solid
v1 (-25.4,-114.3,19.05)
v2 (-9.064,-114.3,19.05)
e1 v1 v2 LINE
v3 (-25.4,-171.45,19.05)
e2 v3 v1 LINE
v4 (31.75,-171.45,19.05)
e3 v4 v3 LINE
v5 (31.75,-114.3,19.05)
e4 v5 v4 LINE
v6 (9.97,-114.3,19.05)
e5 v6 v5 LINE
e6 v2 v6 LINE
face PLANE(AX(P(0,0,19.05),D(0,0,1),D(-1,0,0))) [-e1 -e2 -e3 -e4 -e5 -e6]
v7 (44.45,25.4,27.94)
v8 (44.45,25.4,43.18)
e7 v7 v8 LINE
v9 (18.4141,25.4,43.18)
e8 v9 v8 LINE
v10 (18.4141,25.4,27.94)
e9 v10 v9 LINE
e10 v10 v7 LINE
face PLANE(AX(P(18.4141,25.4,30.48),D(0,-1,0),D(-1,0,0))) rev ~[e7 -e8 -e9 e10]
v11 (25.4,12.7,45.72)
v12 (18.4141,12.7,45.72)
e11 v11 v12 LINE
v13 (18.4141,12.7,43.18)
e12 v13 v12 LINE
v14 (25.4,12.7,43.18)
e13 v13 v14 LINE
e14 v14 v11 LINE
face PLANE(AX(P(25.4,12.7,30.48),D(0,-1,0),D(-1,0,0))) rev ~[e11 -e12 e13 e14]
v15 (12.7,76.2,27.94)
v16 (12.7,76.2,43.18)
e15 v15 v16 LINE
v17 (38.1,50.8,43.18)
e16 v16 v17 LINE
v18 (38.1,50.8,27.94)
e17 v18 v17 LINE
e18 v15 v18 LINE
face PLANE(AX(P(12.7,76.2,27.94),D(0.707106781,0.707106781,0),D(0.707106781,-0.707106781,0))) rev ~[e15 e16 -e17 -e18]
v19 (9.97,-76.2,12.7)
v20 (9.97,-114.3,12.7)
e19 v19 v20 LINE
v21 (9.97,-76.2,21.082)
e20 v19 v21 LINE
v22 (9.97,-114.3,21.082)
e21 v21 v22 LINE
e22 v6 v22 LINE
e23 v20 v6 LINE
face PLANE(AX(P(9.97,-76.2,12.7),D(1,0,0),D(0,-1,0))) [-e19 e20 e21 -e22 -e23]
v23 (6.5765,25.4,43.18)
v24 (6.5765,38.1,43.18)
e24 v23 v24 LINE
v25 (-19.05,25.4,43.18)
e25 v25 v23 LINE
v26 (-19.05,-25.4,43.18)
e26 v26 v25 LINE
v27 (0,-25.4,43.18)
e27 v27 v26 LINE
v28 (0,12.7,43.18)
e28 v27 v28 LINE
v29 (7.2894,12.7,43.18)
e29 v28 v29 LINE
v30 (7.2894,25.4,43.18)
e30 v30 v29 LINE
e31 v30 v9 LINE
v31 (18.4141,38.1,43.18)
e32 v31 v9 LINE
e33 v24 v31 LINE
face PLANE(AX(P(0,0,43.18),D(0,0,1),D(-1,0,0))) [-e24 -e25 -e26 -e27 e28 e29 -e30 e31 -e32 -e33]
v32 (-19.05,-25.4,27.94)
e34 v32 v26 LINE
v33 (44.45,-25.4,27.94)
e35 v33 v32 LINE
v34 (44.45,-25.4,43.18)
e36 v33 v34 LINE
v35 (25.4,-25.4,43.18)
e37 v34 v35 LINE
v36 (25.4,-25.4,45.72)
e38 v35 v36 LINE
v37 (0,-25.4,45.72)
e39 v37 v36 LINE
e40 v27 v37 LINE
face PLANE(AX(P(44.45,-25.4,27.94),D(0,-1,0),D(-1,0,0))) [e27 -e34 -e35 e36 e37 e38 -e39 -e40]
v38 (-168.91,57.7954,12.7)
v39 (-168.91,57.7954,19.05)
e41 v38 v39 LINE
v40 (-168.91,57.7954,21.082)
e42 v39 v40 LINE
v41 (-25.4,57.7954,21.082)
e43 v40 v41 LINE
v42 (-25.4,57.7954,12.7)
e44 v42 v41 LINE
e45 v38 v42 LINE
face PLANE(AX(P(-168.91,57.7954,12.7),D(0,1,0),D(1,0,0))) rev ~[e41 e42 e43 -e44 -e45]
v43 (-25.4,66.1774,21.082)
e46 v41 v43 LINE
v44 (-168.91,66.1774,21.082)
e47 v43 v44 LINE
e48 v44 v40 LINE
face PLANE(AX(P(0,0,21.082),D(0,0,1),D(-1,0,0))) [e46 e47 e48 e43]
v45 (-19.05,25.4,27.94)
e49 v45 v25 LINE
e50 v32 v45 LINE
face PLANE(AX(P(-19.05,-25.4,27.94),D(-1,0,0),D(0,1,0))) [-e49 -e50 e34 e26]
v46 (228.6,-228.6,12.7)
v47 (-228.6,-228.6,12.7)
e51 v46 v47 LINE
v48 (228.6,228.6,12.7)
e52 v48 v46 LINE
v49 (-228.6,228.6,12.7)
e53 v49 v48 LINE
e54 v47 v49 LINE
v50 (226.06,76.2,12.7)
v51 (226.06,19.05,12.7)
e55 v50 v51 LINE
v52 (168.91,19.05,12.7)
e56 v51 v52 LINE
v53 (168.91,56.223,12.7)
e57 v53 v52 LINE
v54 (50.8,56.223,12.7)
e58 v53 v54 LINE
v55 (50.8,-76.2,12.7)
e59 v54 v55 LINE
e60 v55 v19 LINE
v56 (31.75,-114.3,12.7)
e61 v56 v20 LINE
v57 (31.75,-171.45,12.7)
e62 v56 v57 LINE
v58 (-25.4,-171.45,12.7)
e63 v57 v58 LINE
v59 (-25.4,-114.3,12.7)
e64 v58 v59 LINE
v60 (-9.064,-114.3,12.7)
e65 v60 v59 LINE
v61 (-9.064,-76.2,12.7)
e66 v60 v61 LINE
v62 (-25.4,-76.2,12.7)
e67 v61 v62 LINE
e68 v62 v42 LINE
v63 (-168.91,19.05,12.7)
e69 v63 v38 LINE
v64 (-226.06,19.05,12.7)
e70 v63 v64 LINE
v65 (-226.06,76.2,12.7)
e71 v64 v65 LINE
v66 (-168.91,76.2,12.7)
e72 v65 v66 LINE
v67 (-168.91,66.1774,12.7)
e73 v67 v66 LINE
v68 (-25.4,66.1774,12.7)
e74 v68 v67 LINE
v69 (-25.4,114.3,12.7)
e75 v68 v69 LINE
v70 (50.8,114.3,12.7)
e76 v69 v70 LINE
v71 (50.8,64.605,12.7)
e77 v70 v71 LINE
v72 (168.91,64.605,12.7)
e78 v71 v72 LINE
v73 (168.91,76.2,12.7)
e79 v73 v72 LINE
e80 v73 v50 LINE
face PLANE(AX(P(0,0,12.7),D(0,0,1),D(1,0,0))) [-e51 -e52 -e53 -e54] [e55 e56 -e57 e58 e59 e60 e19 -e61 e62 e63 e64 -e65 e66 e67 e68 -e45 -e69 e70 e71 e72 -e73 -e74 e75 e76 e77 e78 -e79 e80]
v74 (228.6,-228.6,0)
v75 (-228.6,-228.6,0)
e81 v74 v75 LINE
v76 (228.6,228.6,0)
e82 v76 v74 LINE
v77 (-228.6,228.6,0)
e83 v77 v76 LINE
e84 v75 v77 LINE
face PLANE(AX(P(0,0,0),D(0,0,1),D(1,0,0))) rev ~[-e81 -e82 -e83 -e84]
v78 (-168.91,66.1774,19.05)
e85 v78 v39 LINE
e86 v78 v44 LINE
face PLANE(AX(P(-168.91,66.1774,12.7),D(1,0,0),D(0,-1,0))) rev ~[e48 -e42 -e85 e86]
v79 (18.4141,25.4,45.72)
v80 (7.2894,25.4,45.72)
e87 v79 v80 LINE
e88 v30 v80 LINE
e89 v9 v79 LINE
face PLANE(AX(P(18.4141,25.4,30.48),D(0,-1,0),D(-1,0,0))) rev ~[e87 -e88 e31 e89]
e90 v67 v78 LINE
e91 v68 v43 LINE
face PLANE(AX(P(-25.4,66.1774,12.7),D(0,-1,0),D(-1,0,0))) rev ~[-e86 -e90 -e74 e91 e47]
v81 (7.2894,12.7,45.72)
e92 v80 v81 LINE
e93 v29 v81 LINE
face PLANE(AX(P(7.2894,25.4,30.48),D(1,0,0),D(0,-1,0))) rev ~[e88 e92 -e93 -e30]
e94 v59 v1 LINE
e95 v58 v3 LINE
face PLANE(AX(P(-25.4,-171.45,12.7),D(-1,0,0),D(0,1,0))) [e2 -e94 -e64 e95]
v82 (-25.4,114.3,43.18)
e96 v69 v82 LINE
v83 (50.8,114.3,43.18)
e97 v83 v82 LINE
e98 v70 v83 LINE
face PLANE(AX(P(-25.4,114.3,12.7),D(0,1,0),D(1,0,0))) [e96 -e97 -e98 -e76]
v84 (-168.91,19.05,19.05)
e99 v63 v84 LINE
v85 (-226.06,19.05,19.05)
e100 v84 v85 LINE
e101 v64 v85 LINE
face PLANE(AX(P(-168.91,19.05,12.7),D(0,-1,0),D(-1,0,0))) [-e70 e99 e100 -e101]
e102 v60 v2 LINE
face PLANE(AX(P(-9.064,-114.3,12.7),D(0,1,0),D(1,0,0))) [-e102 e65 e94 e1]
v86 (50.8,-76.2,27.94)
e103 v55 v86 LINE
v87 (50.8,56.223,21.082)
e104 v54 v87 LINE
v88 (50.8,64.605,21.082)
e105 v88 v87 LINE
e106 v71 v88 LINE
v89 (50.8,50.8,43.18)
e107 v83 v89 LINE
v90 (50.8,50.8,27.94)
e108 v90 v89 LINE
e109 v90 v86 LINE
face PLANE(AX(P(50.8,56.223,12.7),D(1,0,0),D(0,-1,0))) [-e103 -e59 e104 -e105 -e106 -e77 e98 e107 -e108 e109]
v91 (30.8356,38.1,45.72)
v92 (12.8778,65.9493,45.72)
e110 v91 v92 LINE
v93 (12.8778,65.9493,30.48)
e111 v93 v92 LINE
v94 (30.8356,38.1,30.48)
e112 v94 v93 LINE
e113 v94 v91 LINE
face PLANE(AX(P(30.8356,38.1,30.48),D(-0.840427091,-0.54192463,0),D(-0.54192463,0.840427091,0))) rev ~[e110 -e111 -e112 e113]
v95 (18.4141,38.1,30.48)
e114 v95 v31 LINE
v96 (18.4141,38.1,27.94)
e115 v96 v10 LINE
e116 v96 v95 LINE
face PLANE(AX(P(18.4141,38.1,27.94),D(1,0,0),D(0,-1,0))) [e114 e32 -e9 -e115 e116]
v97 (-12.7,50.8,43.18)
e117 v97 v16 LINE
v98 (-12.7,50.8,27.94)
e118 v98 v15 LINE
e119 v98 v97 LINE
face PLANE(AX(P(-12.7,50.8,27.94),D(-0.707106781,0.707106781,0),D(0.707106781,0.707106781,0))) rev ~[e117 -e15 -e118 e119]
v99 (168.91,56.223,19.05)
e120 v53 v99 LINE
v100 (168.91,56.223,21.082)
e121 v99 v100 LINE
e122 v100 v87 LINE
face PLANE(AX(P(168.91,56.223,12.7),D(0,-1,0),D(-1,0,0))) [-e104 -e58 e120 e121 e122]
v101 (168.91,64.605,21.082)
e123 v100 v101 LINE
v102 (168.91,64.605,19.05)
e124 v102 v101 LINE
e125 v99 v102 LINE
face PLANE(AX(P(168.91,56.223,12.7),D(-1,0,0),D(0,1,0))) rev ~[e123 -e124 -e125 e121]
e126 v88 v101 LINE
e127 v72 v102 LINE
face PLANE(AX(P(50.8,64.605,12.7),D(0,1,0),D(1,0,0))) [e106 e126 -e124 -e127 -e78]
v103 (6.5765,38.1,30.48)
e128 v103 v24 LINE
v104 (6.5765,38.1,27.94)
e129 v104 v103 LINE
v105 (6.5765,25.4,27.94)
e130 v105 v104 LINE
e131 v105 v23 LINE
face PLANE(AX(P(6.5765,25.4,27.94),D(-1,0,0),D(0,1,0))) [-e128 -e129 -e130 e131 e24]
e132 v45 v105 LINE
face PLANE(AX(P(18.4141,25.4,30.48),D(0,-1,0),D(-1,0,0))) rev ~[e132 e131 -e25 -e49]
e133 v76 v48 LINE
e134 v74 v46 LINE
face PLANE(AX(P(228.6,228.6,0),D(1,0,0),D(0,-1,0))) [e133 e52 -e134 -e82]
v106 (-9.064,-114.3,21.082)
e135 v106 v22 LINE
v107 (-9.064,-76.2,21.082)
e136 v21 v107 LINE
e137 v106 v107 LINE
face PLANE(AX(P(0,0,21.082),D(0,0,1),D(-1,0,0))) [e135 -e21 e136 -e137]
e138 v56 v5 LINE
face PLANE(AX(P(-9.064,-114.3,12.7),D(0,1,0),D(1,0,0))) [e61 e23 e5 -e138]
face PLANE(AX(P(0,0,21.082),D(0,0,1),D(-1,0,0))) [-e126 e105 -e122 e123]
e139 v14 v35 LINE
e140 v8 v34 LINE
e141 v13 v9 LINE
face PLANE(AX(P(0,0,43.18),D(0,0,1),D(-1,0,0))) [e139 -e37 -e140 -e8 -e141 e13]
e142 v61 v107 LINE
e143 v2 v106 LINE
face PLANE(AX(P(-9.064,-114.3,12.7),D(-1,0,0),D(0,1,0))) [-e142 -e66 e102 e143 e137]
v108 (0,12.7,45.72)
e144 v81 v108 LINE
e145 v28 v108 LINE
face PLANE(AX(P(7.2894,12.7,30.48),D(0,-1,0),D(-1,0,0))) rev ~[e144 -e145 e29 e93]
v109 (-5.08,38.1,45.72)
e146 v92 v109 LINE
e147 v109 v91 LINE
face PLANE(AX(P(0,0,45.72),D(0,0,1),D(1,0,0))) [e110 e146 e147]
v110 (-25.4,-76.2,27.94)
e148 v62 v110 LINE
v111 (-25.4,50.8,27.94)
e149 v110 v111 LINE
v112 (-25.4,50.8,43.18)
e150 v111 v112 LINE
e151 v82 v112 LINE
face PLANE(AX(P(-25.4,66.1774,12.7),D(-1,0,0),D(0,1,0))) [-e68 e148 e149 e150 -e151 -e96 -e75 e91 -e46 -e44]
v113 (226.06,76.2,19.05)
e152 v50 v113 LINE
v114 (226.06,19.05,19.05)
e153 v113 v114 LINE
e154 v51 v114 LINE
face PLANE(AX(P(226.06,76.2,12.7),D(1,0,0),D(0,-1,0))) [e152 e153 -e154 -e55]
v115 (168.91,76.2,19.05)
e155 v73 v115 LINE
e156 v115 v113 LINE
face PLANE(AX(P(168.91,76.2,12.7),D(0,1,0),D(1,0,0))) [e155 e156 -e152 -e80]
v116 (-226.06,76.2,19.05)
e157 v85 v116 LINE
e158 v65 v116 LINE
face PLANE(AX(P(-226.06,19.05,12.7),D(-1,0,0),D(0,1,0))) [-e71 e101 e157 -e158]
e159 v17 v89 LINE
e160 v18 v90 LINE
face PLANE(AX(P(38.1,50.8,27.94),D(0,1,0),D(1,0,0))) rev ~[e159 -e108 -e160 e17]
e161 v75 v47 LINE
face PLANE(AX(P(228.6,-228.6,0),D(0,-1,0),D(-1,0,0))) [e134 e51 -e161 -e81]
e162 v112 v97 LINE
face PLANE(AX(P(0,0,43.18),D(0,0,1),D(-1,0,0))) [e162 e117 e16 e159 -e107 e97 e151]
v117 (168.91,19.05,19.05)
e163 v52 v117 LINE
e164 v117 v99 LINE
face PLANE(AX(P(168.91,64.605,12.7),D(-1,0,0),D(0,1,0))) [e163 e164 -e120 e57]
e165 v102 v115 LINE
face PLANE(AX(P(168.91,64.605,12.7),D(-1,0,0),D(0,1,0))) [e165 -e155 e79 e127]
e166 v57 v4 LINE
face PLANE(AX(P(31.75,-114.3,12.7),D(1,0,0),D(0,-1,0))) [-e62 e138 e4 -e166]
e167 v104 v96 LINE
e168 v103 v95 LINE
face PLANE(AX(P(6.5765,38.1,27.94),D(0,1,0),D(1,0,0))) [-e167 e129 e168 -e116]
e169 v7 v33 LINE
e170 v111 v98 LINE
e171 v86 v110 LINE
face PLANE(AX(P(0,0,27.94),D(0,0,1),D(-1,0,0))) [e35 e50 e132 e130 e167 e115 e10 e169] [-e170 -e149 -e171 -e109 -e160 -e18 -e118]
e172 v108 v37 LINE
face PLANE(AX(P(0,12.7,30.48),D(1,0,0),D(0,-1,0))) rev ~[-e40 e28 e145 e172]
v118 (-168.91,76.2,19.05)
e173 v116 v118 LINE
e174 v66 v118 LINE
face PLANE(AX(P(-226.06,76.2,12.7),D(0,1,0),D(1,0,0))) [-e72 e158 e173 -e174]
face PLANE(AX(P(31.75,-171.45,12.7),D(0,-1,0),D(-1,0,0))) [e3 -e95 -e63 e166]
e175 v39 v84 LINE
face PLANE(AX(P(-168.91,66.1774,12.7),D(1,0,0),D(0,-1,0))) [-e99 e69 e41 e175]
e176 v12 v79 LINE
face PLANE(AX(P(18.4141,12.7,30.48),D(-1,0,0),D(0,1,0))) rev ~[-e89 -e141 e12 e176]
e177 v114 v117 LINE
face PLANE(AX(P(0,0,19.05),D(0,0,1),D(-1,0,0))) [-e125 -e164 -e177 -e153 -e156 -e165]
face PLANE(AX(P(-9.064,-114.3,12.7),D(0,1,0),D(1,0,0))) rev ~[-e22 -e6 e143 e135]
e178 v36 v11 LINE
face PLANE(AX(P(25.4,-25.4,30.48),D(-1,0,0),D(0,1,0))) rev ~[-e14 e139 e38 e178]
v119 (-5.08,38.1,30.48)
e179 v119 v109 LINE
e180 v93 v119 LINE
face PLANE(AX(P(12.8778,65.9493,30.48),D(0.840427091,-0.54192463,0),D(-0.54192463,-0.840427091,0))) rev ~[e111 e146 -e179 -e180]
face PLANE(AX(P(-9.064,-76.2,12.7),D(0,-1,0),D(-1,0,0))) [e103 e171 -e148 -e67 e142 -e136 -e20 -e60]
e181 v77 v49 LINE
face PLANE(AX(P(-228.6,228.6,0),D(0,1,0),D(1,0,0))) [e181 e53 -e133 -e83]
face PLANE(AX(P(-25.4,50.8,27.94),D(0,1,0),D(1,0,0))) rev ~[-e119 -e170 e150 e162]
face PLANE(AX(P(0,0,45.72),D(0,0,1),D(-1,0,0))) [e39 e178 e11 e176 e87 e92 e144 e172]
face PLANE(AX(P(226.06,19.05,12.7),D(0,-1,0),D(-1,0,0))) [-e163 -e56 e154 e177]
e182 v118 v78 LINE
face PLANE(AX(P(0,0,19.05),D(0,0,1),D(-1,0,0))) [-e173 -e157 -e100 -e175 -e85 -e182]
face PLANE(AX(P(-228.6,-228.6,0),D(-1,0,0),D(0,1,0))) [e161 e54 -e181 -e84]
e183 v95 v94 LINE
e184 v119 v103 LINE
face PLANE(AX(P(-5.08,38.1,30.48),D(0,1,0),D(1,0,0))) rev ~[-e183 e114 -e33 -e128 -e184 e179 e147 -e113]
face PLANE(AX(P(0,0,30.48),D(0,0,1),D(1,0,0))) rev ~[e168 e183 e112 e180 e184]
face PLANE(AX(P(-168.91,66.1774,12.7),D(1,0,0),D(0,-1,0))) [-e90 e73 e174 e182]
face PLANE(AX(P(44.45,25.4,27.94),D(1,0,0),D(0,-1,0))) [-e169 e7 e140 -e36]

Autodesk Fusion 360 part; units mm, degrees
sketch "base plate" plane through (0, 0, 0) normal (0, 0, 1) x (1, 0, 0)
  line L0 (-228.6, 228.6) -> (228.6, 228.6)
  line L1 (228.6, 228.6) -> (228.6, -228.6)
  line L2 (228.6, -228.6) -> (-228.6, -228.6)
  line L3 (-228.6, -228.6) -> (-228.6, 228.6)
  line L4 (-228.6, 228.6) -> (228.6, -228.6) construction
  line L5 (228.6, 228.6) -> (-228.6, -228.6) construction
  dimension "d1" = 457.2
  dimension "d2" = 457.2
extrude "Extrude1" add sketch "base plate" along normal blind 12.7 makes body 1
sketch "cylinder components" plane through (0, 0, 12.7) normal (0, 0, 1) x (-1, 0, 0)
  line L0 (228.6, 228.6) -> (-228.6, 228.6)
  line L1 (-228.6, 228.6) -> (-228.6, -228.6)
  line L2 (-228.6, -228.6) -> (228.6, -228.6)
  line L3 (228.6, -228.6) -> (228.6, 228.6)
  line L4 (25.4, -114.3) -> (-50.8, -114.3)
  line L5 (-50.8, -114.3) -> (-50.8, 76.2)
  line L6 (-50.8, 76.2) -> (25.4, 76.2)
  line L7 (25.4, 76.2) -> (25.4, -114.3)
  line L8 (-168.91, -76.2) -> (-226.06, -76.2)
  line L9 (-226.06, -76.2) -> (-226.06, -19.05)
  line L10 (-226.06, -19.05) -> (-168.91, -19.05)
  line L11 (-168.91, -19.05) -> (-168.91, -76.2)
  line L12 (0, -254) -> (0, 228.6) construction
  line L13 (25.4, 114.3) -> (-31.75, 114.3)
  line L14 (-31.75, 114.3) -> (-31.75, 171.45)
  line L15 (-31.75, 171.45) -> (25.4, 171.45)
  line L16 (25.4, 171.45) -> (25.4, 114.3)
  line L17 (-50.8, -64.605) -> (-168.91, -64.605)
  line L18 (-168.91, -64.605) -> (-168.91, -56.223)
  line L19 (-168.91, -56.223) -> (-50.8, -56.223)
  line L20 (-50.8, -56.223) -> (-50.8, -64.605)
  line L21 (226.06, -76.2) -> (168.91, -76.2)
  line L22 (168.91, -76.2) -> (168.91, -19.05)
  line L23 (168.91, -19.05) -> (226.06, -19.05)
  line L24 (226.06, -19.05) -> (226.06, -76.2)
  line L25 (25.4, -66.1774) -> (168.91, -66.1774)
  line L26 (168.91, -66.1774) -> (168.91, -57.7954)
  line L27 (168.91, -57.7954) -> (25.4, -57.7954)
  line L28 (25.4, -57.7954) -> (25.4, -66.1774)
  line L29 (9.064, 76.2) -> (-9.97, 76.2)
  line L30 (-9.97, 76.2) -> (-9.97, 114.3)
  line L31 (-9.97, 114.3) -> (9.064, 114.3)
  line L32 (9.064, 114.3) -> (9.064, 76.2)
  dimension "d5" = 76.2
  dimension "d6" = 190.5
  dimension "d9" = 57.15
  dimension "d10" = 57.15
  dimension "d13" = 2.54
  dimension "d14" = 247.65
  dimension "d22" = 57.15
  dimension "d23" = 57.15
  dimension "d24" = 38.1
  dimension "d25" = 57.15
  dimension "d26" = 196.85
  dimension "d29" = 8.382
  dimension "d30" = 118.11
  dimension "d31" = 57.15
  dimension "d32" = 57.15
  dimension "d33" = 247.65
  dimension "d34" = 2.54
  dimension "d35" = 8.382
extrude "Extrude3" add sketch "cylinder components" along normal blind 15.24 contours L4 L5 L6 L7 L20 L28 L29 bodies 1
sketch "clip retention" plane through (0, 0, 27.94) normal (0, 0, 1) x (-1, 0, 0)
  line L0 (25.4, -114.3) -> (25.4, 76.2)
  line L1 (25.4, 76.2) -> (-50.8, 76.2)
  line L2 (-50.8, 76.2) -> (-50.8, -114.3)
  line L3 (-50.8, -114.3) -> (25.4, -114.3)
  line L4 (25.4, -50.8) -> (12.7, -50.8)
  line L5 (12.7, -50.8) -> (-12.7, -76.2)
  line L6 (-12.7, -76.2) -> (-38.1, -50.8)
  line L7 (-38.1, -50.8) -> (-50.8, -50.8)
  line L8 (-50.8, -114.3) -> (25.4, -114.3)
  line L9 (25.4, -50.8) -> (25.4, -114.3)
  line L10 (19.05, -25.4) -> (-44.45, -25.4)
  line L11 (-44.45, -25.4) -> (-44.45, 25.4)
  line L12 (-44.45, 25.4) -> (19.05, 25.4)
  line L13 (19.05, 25.4) -> (19.05, -25.4)
  line L14 (-50.8, -50.8) -> (-50.8, -52.9164)
  line L15 (-50.8, -50.8) -> (-50.8, -114.3)
  point P0 (-12.7, -76.2)
  point P1 (-50.8, -114.3)
  point P2 (25.4, -114.3)
  dimension "d41" = 50.8
  dimension "d42" = 6.35
  dimension "d43" = 6.35
  dimension "d44" = 50.8
extrude "Extrude4" add sketch "cylinder components" along normal blind 6.35 contours L21 L22 L23 L24 L26 | L8 L9 L10 L11 L18 | L13 L14 L15 L16 L31 bodies 1
extrude "Extrude5" add sketch "cylinder components" along normal blind 8.382 contours L7 L22 L25 L26 L27 L28 | L5 L11 L17 L18 L19 L20 | L6 L13 L29 L30 L31 L32 bodies 1
extrude "Extrude6" add sketch "clip retention" along normal blind 15.24 contours L0 L2 L3 L4 L5 L6 L7 L8 L9 L14 L15 | L10 L11 L12 L13 bodies 1
sketch "clip hammer post cut out" plane through (0, 0, 43.18) normal (0, 0, 1) x (-1, 0, 0)
  line L0 (19.05, 25.4) -> (-44.45, 25.4)
  line L1 (-44.45, 25.4) -> (-44.45, -25.4)
  line L2 (-44.45, -25.4) -> (19.05, -25.4)
  line L3 (19.05, -25.4) -> (19.05, 25.4)
  line L4 (0, -12.7) -> (-25.4, -12.7)
  line L5 (-25.4, -12.7) -> (-25.4, 25.4)
  line L6 (-25.4, 25.4) -> (0, 25.4)
  line L7 (0, 25.4) -> (0, -12.7)
  line L8 (-7.2894, -38.3626) -> (-18.4141, -38.3626)
  line L9 (-18.4141, -38.3626) -> (-18.4141, -12.7)
  line L10 (-18.4141, -12.7) -> (-7.2894, -12.7)
  line L11 (-7.2894, -12.7) -> (-7.2894, -38.3626)
  dimension "d47" = 38.1
extrude "Extrude7" cut sketch "clip hammer post cut out" against normal blind 12.7 contours L0 L4 L5 L6 L7 L10 | L2 L8 L9 L11 | L2 L4 L9 L10 L11 bodies 1
sketch "clip hammer post" plane through (0, 0, 30.48) normal (0, 0, 1) x (-1, 0, 0)
  line L0 (-18.4141, -25.4) -> (-7.2894, -25.4)
  line L1 (-7.2894, -25.4) -> (-7.2894, -12.7)
  line L2 (-7.2894, -12.7) -> (0, -12.7)
  line L3 (0, -12.7) -> (0, 25.4)
  line L4 (0, 25.4) -> (-25.4, 25.4)
  line L5 (-25.4, 25.4) -> (-25.4, -12.7)
  line L6 (-25.4, -12.7) -> (-18.4141, -12.7)
  line L7 (-18.4141, -12.7) -> (-18.4141, -25.4)
  line L8 (-7.2894, -25.4) -> (-7.2894, -12.7)
  line L9 (0, -12.7) -> (0, 25.4)
  line L10 (-25.4, 25.4) -> (-25.4, -12.7)
  line L11 (-18.4141, -12.7) -> (-18.4141, -25.4)
  line L12 (-7.2894, -25.4) -> (-18.4141, -25.4)
  line L13 (0, 25.4) -> (-25.4, 25.4)
extrude "Extrude8" add sketch "clip hammer post" along normal blind 15.24 bodies 1
sketch "clip hammer" plane through (0, 0, 30.48) normal (0, 0, 1) x (1, 0, 0)
  line L0 (-5.08, 38.1) -> (30.8356, 38.1)
  line L1 (30.8356, 38.1) -> (12.8778, 65.9493)
  line L2 (12.8778, 65.9493) -> (-5.08, 38.1)
  dimension "d54" = 35.9156
extrude "Extrude9" add sketch "clip hammer" along normal blind 15.24 separate body makes body 2
sketch "Sketch7" plane through (0, 0, 27.94) normal (0, 0, 1) x (-1, 0, 0)
  line L0 (-50.8, -50.8) -> (-38.1, -50.8)
  line L1 (-38.1, -50.8) -> (-12.7, -76.2)
  line L2 (-12.7, -76.2) -> (12.7, -50.8)
  line L3 (12.7, -50.8) -> (25.4, -50.8)
  line L4 (25.4, -50.8) -> (25.4, 76.2)
  line L5 (25.4, 76.2) -> (-50.8, 76.2)
  line L6 (-50.8, 76.2) -> (-50.8, -50.8)
  line L7 (19.05, 25.4) -> (19.05, -25.4)
  line L8 (19.05, -25.4) -> (-44.45, -25.4)
  line L9 (-44.45, -25.4) -> (-44.45, 25.4)
  line L10 (-44.45, 25.4) -> (19.05, 25.4)
  line L11 (-6.5765, -38.1) -> (-18.4141, -38.1)
  line L12 (-18.4141, -38.1) -> (-18.4141, -25.4)
  line L13 (-18.4141, -25.4) -> (-6.5765, -25.4)
  line L14 (-6.5765, -25.4) -> (-6.5765, -38.1)
  line L15 (5.08, -38.1) -> (-30.8356, -38.1)
  point P0 (-18.4141, -25.4)
extrude "Extrude10" add sketch "Sketch7" along normal blind 15.24 contours L8 L11 L12 L13 L14 L15 bodies 1 2
